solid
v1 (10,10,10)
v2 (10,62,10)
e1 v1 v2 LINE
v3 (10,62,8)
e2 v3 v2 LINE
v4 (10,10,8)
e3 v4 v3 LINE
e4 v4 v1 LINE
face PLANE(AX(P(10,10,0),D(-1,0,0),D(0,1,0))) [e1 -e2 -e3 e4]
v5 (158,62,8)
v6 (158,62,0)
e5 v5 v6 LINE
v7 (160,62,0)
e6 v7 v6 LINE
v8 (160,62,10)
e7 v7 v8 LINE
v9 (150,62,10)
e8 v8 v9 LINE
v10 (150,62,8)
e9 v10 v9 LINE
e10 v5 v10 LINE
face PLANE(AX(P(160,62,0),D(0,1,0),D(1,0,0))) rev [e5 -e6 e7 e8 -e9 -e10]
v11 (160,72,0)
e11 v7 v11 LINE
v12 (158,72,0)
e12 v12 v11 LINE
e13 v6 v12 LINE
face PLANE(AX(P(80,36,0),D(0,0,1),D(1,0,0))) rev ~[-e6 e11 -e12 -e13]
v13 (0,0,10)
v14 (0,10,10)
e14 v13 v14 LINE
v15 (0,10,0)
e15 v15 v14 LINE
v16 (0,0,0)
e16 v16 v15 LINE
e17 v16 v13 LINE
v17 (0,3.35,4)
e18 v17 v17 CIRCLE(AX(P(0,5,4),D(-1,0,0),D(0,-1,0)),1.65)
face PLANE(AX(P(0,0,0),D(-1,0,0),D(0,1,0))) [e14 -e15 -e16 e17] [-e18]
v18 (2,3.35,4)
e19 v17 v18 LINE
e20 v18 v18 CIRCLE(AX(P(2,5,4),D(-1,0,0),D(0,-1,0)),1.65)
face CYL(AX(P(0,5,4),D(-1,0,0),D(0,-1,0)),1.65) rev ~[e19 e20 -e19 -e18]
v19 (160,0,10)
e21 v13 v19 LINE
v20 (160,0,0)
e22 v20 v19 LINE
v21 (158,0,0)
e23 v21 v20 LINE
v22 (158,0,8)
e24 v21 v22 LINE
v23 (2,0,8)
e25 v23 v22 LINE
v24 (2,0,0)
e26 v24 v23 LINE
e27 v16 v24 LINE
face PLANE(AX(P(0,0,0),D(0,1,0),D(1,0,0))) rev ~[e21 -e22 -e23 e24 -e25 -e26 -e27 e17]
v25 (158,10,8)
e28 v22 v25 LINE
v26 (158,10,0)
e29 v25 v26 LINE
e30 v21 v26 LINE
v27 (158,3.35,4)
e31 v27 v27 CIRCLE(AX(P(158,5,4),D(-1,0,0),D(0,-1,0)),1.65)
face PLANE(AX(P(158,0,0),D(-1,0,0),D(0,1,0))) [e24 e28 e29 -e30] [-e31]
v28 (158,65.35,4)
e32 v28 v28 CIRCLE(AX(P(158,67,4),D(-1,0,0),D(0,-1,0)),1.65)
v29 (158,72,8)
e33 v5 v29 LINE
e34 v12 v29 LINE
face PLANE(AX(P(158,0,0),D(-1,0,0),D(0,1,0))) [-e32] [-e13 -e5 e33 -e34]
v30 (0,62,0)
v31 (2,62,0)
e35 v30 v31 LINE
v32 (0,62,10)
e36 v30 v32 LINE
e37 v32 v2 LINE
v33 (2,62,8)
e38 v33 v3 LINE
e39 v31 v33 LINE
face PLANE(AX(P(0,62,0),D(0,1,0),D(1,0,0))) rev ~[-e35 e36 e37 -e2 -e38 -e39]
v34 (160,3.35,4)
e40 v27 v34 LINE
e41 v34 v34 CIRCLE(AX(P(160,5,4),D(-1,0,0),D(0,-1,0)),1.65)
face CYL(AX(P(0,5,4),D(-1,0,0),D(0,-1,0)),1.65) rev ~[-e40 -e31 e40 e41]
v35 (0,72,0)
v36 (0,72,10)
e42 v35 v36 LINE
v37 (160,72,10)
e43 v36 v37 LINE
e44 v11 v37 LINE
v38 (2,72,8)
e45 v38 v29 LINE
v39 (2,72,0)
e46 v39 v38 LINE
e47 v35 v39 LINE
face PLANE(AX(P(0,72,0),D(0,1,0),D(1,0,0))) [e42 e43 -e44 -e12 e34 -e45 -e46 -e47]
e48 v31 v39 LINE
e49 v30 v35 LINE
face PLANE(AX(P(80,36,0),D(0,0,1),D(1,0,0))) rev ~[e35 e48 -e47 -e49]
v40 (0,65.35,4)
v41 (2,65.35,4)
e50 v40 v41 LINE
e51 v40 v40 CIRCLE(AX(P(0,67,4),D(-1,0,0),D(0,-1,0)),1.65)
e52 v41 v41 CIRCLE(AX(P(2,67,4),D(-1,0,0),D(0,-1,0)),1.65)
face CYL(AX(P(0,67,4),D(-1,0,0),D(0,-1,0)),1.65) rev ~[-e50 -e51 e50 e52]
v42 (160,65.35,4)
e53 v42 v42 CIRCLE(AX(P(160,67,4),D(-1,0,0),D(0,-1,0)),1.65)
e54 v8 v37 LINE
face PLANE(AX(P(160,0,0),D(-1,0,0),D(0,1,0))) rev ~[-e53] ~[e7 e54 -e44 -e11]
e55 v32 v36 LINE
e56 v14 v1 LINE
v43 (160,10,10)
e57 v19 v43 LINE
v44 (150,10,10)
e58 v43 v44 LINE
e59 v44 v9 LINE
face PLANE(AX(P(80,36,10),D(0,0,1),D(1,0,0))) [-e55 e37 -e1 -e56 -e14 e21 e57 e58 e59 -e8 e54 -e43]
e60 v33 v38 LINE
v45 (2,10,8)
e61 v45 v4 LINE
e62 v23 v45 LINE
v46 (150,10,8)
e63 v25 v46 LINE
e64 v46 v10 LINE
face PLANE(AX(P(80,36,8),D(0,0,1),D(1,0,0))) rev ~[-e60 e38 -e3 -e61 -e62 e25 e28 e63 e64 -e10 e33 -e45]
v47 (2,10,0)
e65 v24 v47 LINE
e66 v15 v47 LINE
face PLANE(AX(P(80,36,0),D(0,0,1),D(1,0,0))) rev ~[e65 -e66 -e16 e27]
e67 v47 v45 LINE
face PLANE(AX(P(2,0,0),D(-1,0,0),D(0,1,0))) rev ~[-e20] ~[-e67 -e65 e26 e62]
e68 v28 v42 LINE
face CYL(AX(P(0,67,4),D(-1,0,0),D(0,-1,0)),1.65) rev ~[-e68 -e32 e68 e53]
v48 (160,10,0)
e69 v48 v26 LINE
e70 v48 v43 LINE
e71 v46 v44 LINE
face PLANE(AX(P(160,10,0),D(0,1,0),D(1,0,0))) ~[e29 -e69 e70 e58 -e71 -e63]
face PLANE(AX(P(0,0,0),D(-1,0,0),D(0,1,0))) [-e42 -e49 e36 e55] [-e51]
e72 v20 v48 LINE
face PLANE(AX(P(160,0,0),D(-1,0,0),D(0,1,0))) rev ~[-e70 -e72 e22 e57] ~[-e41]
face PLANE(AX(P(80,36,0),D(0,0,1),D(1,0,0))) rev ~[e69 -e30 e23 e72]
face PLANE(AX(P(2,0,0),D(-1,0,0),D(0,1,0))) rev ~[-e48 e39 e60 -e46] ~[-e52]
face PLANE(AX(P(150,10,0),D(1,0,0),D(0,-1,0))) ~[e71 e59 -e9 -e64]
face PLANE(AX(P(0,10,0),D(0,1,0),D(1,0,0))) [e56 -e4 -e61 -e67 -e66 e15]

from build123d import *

# Parameters (mm, degrees)
BOX002_W     = 156
BOX002_H     = 72
BOX002_DEPTH = 8
BOX001_W     = 10
BOX001_H     = 52
BOX001_DEPTH = 10
BOX_W        = 160
BOX_H        = 72
BOX_DEPTH    = 10
SKETCH_R     = 1.65
HOLE_DEPTH   = 160.001


with BuildPart() as w_rfel002:
    # Box002 → Box002 (new body)
    with BuildSketch(Plane(origin=(2, 0, 0), x_dir=(1, 0, 0), z_dir=(0, 0, 1))):
        with Locations((78, 36)):
            Rectangle(BOX002_W, BOX002_H)
    extrude(amount=BOX002_DEPTH)


with BuildPart() as w_rfel001:
    # Box001 → Box001 (new body)
    with BuildSketch(Plane(origin=(0, 10, 0), x_dir=(1, 0, 0), z_dir=(0, 0, 1))):
        with Locations((5, 26)):
            Rectangle(BOX001_W, BOX001_H)
    extrude(amount=BOX001_DEPTH)


with BuildPart() as part_mirroring:
    # Part__Mirroring: instance of Würfel001
    add(w_rfel001.part.mirror(Plane(origin=(80, 0, 0), x_dir=(0, -1, 0), z_dir=(1, 0, 0))))


with BuildPart() as body:
    # Box → Box (new body)
    with BuildSketch(Plane.XY):
        with Locations((80, 36)):
            Rectangle(BOX_W, BOX_H)
    extrude(amount=BOX_DEPTH)

    # Cut: cut Würfel001
    add(w_rfel001.part, mode=Mode.SUBTRACT)

    # Cut001: cut Part__Mirroring
    add(part_mirroring.part, mode=Mode.SUBTRACT)

    # Cut002: cut Würfel002
    add(w_rfel002.part, mode=Mode.SUBTRACT)

    # Sketch (on Face1 of BaseFeature) → Hole (cut, through all)
    with BuildSketch(Plane(origin=(0, 0, 0), x_dir=(0, -1, 0), z_dir=(-1, 0, 0))):
        with Locations((-5, 4)):
            Circle(SKETCH_R)
        with Locations((-67, 4)):
            Circle(SKETCH_R)
    extrude(amount=-HOLE_DEPTH, mode=Mode.SUBTRACT)


solid = body.part
